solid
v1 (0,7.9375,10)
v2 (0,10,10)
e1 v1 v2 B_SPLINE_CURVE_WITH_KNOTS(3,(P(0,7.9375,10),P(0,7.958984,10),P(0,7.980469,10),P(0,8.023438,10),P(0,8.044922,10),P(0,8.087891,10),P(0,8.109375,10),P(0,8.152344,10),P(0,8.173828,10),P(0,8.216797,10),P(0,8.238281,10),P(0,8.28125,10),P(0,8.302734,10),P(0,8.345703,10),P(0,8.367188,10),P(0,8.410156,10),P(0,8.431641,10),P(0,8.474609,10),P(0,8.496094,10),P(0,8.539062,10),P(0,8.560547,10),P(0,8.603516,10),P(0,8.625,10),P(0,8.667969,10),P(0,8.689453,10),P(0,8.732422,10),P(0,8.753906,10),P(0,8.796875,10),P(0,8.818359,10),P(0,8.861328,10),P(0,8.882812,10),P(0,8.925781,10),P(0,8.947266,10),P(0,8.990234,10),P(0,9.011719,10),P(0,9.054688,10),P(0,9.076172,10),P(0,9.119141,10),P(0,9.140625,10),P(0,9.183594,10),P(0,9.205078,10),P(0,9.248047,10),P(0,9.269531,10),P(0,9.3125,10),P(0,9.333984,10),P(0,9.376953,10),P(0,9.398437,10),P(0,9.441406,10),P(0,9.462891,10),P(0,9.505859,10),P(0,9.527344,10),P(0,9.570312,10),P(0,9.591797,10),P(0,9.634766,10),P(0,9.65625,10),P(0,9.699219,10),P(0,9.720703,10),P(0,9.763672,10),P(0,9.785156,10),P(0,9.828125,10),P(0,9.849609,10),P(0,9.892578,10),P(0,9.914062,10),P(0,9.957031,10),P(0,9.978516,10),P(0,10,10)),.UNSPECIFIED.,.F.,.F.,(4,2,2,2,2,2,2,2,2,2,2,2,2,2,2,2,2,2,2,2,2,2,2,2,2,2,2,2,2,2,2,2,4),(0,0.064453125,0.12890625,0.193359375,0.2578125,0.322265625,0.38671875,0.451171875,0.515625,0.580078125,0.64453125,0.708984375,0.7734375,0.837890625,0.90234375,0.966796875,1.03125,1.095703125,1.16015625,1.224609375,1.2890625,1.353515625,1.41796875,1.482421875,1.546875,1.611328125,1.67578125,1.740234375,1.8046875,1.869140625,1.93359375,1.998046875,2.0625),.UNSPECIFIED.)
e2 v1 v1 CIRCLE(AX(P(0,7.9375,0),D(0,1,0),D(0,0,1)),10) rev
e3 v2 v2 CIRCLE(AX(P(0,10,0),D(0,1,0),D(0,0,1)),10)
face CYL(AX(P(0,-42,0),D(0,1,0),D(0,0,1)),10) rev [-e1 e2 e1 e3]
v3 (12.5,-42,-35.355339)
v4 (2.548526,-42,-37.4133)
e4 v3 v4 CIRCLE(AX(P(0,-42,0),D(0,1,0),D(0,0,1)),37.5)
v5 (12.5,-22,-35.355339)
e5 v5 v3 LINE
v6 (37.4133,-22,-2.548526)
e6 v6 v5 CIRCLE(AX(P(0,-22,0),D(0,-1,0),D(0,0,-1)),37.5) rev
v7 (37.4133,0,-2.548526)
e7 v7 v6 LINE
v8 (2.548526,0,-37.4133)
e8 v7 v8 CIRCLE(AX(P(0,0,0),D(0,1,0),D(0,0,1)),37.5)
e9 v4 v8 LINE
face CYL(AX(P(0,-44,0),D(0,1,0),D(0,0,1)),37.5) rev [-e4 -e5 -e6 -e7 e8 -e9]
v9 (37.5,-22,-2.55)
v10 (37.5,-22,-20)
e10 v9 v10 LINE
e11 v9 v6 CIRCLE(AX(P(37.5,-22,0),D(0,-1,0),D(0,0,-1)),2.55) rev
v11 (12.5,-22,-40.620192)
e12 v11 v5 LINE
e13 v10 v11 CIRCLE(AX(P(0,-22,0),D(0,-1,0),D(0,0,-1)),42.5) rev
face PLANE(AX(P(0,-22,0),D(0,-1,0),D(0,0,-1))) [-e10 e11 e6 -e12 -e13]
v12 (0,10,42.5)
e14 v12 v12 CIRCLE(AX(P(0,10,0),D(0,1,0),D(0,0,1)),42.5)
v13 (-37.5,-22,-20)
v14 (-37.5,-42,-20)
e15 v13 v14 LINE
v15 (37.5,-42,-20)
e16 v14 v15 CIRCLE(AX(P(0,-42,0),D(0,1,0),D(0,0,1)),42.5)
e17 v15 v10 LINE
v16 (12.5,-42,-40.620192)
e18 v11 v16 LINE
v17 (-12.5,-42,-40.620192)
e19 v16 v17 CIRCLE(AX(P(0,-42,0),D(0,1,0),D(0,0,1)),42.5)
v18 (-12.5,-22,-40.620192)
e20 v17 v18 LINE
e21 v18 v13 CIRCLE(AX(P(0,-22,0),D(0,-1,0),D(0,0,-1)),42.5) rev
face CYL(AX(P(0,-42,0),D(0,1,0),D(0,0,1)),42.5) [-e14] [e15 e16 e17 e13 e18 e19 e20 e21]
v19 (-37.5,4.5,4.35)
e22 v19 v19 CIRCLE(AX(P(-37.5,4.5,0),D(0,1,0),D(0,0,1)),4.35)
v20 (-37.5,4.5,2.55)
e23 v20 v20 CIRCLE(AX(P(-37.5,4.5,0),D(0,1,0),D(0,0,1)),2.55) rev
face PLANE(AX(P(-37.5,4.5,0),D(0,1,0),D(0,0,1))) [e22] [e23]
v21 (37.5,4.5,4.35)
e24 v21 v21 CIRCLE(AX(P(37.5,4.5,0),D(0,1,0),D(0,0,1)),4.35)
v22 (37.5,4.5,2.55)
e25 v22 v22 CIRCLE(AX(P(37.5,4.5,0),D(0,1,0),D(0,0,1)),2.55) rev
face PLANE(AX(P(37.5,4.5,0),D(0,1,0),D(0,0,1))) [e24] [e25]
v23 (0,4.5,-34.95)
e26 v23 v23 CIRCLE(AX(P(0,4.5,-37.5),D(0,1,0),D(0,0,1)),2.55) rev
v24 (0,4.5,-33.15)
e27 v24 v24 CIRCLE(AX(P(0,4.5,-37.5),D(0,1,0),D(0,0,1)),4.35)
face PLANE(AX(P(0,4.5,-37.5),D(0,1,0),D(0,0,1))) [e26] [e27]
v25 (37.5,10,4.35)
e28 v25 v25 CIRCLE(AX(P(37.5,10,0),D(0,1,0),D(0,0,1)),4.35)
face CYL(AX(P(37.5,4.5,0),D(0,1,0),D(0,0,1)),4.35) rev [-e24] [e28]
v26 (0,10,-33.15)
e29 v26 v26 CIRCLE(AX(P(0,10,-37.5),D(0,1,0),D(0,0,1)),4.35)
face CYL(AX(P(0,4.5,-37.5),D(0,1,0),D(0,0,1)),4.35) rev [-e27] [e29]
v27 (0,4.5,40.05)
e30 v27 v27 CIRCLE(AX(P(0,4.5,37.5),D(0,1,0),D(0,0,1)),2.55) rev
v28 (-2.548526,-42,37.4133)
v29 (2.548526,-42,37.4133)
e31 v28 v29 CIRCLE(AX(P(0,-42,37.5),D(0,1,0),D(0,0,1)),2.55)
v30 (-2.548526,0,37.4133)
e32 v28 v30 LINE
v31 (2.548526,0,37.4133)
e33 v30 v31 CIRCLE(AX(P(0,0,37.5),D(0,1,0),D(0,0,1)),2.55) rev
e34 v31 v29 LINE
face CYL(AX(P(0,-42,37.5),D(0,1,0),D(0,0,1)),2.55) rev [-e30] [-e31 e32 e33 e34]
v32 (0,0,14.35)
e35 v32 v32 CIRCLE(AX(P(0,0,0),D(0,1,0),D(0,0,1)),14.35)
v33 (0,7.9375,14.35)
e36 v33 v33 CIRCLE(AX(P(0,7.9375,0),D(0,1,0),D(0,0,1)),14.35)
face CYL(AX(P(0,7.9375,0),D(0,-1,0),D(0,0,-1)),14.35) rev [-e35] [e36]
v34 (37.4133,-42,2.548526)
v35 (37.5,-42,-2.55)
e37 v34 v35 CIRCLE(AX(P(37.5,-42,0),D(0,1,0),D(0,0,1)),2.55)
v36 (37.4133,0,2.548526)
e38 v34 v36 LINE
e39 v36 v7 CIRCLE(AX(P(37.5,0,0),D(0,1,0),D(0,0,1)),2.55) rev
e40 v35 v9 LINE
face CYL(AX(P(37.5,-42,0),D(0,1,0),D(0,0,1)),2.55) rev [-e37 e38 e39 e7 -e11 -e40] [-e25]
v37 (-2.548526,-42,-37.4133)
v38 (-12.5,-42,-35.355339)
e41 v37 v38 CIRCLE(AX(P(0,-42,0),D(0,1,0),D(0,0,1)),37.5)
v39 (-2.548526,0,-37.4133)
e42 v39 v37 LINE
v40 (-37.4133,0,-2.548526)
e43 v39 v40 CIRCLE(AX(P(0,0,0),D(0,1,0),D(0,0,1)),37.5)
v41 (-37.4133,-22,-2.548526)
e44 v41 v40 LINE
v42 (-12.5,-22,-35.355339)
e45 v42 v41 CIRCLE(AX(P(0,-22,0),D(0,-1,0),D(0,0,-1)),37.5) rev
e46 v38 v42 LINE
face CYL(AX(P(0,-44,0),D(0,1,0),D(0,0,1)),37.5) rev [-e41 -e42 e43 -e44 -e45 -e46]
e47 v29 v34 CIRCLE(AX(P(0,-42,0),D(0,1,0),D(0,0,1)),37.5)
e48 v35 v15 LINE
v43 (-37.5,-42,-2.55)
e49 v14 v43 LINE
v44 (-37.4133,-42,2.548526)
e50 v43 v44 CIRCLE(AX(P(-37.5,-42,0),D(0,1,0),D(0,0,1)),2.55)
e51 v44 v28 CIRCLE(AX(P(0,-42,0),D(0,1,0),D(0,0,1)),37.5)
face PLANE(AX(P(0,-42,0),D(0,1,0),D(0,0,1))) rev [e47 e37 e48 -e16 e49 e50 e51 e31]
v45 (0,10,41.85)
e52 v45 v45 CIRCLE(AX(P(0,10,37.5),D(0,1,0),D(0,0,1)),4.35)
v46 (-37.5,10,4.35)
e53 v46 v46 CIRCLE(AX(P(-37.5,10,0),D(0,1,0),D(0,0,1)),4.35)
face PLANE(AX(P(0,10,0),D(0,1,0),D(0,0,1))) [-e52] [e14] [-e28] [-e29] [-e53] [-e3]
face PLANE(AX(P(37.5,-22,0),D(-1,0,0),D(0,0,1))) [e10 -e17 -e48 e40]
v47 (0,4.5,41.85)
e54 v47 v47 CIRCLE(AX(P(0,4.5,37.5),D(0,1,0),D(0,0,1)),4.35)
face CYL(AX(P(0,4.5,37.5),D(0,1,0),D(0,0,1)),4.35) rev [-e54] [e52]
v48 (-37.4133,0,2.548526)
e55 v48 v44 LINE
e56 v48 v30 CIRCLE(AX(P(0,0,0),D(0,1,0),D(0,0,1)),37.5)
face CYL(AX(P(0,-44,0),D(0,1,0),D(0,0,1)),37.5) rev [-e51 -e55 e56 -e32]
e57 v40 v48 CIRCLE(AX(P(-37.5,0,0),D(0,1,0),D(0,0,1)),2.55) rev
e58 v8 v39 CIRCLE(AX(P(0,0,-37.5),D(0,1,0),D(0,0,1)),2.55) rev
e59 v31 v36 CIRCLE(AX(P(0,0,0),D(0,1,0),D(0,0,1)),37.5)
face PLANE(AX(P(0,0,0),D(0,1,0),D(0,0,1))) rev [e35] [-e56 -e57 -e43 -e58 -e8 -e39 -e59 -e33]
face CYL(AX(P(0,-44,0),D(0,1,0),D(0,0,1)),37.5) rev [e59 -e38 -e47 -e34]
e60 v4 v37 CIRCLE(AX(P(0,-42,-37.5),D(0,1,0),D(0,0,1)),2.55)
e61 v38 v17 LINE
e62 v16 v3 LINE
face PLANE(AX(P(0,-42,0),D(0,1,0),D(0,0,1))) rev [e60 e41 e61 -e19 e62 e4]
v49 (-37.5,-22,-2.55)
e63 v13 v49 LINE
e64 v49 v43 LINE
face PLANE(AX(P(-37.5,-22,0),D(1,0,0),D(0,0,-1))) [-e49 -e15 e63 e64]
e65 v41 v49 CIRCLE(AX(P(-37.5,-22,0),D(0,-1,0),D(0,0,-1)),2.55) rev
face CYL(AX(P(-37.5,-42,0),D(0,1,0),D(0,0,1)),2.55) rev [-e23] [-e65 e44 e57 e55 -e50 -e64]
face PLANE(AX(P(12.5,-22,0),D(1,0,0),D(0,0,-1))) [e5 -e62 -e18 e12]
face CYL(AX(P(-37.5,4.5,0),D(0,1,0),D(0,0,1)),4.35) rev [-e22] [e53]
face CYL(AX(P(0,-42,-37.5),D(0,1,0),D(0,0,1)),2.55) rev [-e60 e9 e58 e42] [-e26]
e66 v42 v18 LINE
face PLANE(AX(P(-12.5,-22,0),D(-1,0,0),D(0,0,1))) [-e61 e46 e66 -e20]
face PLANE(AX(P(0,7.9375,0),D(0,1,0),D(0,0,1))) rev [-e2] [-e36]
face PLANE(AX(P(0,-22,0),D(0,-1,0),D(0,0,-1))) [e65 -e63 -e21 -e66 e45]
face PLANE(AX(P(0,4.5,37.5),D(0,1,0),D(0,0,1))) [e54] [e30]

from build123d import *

# Parameters (mm, degrees)
BOSS_EXTRUDE1_DEPTH      = 10
BOSS_EXTRUDE1_DEPTH_BACK = 42
SKETCH1_R                = 42.5
SKETCH1_R_2              = 10
SKETCH1_R_3              = 2.55
SKETCH2_R                = 37.5
CUT_EXTRUDE1_DEPTH       = 44
CUT_EXTRUDE2_START       = -42
CUT_EXTRUDE2_DEPTH       = 20
SKETCH4_R                = 14.35
CUT_EXTRUDE3_DEPTH       = 7.9375
CUT_EXTRUDE4_START       = 10
SKETCH5_R                = 4.35
CUT_EXTRUDE4_DEPTH       = 5.5


with BuildPart() as part:
    # Sketch1 → Boss-Extrude1 (new, two sides: drawn at the far end of the back side and taken through both)
    with BuildSketch(Plane(origin=(0, 0, 0), x_dir=(1, 0, 0), z_dir=(0, 1, 0)).offset(-BOSS_EXTRUDE1_DEPTH_BACK)):
        with Locations(Location((0, 0, 0), (0, 0, 270))):
            Circle(SKETCH1_R)
        with Locations(Location((0, 0, 0), (0, 0, 270))):
            Circle(SKETCH1_R_2, mode=Mode.SUBTRACT)
        with Locations(Location((-37.5, 0, 0), (0, 0, 270))):
            Circle(SKETCH1_R_3, mode=Mode.SUBTRACT)
        with Locations(Location((0, -37.5, 0), (0, 0, 270))):
            Circle(SKETCH1_R_3, mode=Mode.SUBTRACT)
        with Locations(Location((37.5, 0, 0), (0, 0, 270))):
            Circle(SKETCH1_R_3, mode=Mode.SUBTRACT)
        with Locations(Location((0, 37.5, 0), (0, 0, 270))):
            Circle(SKETCH1_R_3, mode=Mode.SUBTRACT)
    extrude(amount=BOSS_EXTRUDE1_DEPTH + BOSS_EXTRUDE1_DEPTH_BACK)

    # Sketch2 → Cut-Extrude1 (cut)
    with BuildSketch(Plane(origin=(0, 0, 0), x_dir=(1, 0, 0), z_dir=(0, 1, 0))):
        Circle(SKETCH2_R)
    extrude(amount=-CUT_EXTRUDE1_DEPTH, mode=Mode.SUBTRACT)

    # Sketch3 → Cut-Extrude2 (cut)
    with BuildSketch(Plane(origin=(0, 0, 0), x_dir=(1, 0, 0), z_dir=(0, 1, 0)).offset(CUT_EXTRUDE2_START)):
        Polygon((-37.5, 0), (-37.5, 48.535526989), (-12.5, 48.535526989), (-12.5, 25.15870532), (12.5, 25.15870532), (12.5, 48.535526989), (37.5, 48.535526989), (37.5, 0), align=None)
    extrude(amount=CUT_EXTRUDE2_DEPTH, mode=Mode.SUBTRACT)

    # Sketch4 → Cut-Extrude3 (cut)
    with BuildSketch(Plane(origin=(0, 0, 0), x_dir=(1, 0, 0), z_dir=(0, 1, 0))):
        with Locations(Location((0, 0, 0), (0, 0, 270))):
            Circle(SKETCH4_R)
    extrude(amount=CUT_EXTRUDE3_DEPTH, mode=Mode.SUBTRACT)

    # Sketch5 → Cut-Extrude4 (cut)
    with BuildSketch(Plane(origin=(0, 0, 0), x_dir=(1, 0, 0), z_dir=(0, 1, 0)).offset(CUT_EXTRUDE4_START)):
        with Locations(Location((0, 37.5, 0), (0, 0, 270))):
            Circle(SKETCH5_R)
        with Locations(Location((37.5, 0, 0), (0, 0, 270))):
            Circle(SKETCH5_R)
        with Locations(Location((0, -37.5, 0), (0, 0, 270))):
            Circle(SKETCH5_R)
        with Locations(Location((-37.5, 0, 0), (0, 0, 270))):
            Circle(SKETCH5_R)
    extrude(amount=-CUT_EXTRUDE4_DEPTH, mode=Mode.SUBTRACT)


solid = part.part
